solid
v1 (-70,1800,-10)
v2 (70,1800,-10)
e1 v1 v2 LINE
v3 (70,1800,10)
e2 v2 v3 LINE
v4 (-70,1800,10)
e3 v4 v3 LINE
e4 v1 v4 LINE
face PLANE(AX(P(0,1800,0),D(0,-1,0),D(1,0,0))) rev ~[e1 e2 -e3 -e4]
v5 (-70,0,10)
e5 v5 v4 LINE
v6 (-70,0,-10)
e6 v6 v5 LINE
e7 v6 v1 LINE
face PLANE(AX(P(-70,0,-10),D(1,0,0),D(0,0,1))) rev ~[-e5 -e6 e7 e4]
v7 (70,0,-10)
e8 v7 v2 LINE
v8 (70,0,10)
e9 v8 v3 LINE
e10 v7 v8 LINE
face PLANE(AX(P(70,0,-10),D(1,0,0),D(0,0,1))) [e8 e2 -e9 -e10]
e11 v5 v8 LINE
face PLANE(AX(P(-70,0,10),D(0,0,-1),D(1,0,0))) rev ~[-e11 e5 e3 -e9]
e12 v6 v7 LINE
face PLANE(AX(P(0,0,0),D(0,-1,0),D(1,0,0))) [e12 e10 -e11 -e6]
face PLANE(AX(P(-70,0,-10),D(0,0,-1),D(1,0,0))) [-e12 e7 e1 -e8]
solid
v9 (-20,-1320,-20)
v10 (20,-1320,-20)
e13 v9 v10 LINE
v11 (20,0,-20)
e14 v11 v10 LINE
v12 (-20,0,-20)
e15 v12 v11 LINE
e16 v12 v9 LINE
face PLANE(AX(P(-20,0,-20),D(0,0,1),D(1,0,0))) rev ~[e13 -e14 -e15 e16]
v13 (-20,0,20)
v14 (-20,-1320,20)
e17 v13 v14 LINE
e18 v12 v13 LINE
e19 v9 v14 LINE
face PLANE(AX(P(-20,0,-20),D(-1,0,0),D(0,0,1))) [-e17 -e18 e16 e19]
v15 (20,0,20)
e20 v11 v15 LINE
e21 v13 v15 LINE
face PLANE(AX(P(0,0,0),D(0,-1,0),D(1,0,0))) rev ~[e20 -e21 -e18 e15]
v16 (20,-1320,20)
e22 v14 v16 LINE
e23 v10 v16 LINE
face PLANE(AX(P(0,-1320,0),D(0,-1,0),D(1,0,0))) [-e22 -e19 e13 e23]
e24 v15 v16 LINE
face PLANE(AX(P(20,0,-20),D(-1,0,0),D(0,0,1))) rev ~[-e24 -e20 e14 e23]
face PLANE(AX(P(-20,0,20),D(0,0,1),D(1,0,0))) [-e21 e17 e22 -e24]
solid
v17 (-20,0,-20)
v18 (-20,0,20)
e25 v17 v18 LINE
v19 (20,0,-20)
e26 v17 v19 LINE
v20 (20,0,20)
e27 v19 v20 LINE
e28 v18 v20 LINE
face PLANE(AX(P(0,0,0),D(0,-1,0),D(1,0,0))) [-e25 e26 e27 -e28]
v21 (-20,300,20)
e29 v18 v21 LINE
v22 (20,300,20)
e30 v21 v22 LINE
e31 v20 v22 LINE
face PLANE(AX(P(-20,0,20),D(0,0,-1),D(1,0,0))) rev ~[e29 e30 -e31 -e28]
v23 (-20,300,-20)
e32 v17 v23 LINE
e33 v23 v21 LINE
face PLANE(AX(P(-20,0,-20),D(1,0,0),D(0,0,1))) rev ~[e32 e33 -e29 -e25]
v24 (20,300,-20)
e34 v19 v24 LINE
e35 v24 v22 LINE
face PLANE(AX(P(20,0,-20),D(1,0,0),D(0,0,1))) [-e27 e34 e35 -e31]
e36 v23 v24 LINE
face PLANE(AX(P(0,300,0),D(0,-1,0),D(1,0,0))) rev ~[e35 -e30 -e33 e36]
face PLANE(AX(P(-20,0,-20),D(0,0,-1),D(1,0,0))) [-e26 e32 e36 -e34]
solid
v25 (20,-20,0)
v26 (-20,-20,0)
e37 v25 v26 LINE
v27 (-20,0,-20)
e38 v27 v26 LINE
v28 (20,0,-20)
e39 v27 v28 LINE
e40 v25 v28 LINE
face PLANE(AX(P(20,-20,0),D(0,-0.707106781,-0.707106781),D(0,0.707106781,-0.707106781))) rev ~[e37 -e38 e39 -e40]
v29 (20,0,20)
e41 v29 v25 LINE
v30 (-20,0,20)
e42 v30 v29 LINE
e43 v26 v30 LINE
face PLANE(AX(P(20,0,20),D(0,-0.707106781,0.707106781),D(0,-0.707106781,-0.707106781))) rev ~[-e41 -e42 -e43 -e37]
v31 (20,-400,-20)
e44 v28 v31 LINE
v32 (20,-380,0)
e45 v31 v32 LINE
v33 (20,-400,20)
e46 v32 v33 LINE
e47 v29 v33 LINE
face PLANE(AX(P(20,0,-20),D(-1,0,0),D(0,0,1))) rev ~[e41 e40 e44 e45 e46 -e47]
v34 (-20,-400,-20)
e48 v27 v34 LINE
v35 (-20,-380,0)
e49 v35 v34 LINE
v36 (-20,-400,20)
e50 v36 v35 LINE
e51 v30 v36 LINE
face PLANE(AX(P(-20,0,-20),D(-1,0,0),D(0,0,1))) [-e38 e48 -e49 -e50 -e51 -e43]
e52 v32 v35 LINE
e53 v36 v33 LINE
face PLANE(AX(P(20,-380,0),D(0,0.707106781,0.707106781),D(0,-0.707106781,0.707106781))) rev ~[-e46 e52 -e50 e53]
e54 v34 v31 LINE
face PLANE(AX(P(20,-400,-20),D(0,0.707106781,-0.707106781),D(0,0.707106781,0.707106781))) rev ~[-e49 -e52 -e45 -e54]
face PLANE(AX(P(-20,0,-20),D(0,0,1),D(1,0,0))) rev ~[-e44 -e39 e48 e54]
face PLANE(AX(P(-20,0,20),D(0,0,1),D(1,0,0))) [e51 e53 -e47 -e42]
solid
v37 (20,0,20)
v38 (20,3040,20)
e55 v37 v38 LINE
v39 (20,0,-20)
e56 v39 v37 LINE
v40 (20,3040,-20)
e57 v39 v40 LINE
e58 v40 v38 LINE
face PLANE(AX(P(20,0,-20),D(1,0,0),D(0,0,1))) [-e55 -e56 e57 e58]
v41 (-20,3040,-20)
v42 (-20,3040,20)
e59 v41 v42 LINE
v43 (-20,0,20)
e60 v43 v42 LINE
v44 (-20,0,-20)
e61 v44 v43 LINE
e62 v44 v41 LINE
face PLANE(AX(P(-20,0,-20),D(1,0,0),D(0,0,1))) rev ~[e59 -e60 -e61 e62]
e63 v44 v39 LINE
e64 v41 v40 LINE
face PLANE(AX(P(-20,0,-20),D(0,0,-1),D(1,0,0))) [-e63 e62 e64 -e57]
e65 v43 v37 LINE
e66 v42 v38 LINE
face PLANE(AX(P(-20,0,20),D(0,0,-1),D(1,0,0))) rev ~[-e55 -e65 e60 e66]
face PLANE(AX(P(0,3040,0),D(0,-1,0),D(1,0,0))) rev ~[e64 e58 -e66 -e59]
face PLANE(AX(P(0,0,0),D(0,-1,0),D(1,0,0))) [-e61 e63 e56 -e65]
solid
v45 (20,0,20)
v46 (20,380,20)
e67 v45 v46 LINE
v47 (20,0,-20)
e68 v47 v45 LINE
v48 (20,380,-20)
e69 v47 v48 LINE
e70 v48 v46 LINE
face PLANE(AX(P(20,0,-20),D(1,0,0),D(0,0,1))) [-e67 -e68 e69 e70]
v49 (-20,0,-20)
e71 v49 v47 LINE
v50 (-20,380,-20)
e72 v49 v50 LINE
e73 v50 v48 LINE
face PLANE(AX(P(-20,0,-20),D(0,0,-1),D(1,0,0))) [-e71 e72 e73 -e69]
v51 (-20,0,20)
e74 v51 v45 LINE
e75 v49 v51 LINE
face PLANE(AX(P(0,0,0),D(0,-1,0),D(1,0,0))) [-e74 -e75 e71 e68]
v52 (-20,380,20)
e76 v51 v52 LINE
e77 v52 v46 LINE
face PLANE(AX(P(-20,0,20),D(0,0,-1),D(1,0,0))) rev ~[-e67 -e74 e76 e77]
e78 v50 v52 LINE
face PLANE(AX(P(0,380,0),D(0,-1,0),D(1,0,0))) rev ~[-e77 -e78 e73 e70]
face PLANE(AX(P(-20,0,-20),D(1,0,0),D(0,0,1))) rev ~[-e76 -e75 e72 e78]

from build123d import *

# Parameters (mm, degrees)
F0_W     = 140
F0_H     = 20
F1_DEPTH = 1800
F2_W     = 40
F2_H     = 40
F3_DEPTH = 380
F4_DEPTH = 400
F6_DEPTH = 84
F7_DEPTH = 300
F8_DEPTH = 1320
F9_DEPTH = 3040


with BuildPart() as f1:
    # F0 (on Front) → F1 (new body)
    with BuildSketch(Plane.XZ):
        Rectangle(F0_W, F0_H)
    extrude(amount=-F1_DEPTH)


with BuildPart() as f3:
    # F2 (on Front) → F3 (new body)
    with BuildSketch(Plane.XZ):
        Rectangle(F2_W, F2_H)
    extrude(amount=-F3_DEPTH)


with BuildPart() as f4:
    # F2 (on Front) → F4 (new body)
    with BuildSketch(Plane.XZ):
        Rectangle(F2_W, F2_H)
    extrude(amount=F4_DEPTH)

    # F5 (on face) → F6 (cut)
    with BuildSketch(Plane.YZ.offset(20)):
        Polygon((0, -20), (0, 20), (-20, 0), align=None)
        Polygon((-380, 0), (-400, 20), (-400, -20), align=None)
    extrude(amount=-F6_DEPTH, mode=Mode.SUBTRACT)


with BuildPart() as f7:
    # F2 (on Front) → F7 (new body)
    with BuildSketch(Plane.XZ):
        Rectangle(F2_W, F2_H)
    extrude(amount=-F7_DEPTH)


with BuildPart() as f8:
    # F2 (on Front) → F8 (new body)
    with BuildSketch(Plane.XZ):
        Rectangle(F2_W, F2_H)
    extrude(amount=F8_DEPTH)


with BuildPart() as f9:
    # F2 (on Front) → F9 (new body)
    with BuildSketch(Plane.XZ):
        Rectangle(F2_W, F2_H)
    extrude(amount=-F9_DEPTH)


solid = Compound([f1.part, f3.part, f4.part, f7.part, f8.part, f9.part])
